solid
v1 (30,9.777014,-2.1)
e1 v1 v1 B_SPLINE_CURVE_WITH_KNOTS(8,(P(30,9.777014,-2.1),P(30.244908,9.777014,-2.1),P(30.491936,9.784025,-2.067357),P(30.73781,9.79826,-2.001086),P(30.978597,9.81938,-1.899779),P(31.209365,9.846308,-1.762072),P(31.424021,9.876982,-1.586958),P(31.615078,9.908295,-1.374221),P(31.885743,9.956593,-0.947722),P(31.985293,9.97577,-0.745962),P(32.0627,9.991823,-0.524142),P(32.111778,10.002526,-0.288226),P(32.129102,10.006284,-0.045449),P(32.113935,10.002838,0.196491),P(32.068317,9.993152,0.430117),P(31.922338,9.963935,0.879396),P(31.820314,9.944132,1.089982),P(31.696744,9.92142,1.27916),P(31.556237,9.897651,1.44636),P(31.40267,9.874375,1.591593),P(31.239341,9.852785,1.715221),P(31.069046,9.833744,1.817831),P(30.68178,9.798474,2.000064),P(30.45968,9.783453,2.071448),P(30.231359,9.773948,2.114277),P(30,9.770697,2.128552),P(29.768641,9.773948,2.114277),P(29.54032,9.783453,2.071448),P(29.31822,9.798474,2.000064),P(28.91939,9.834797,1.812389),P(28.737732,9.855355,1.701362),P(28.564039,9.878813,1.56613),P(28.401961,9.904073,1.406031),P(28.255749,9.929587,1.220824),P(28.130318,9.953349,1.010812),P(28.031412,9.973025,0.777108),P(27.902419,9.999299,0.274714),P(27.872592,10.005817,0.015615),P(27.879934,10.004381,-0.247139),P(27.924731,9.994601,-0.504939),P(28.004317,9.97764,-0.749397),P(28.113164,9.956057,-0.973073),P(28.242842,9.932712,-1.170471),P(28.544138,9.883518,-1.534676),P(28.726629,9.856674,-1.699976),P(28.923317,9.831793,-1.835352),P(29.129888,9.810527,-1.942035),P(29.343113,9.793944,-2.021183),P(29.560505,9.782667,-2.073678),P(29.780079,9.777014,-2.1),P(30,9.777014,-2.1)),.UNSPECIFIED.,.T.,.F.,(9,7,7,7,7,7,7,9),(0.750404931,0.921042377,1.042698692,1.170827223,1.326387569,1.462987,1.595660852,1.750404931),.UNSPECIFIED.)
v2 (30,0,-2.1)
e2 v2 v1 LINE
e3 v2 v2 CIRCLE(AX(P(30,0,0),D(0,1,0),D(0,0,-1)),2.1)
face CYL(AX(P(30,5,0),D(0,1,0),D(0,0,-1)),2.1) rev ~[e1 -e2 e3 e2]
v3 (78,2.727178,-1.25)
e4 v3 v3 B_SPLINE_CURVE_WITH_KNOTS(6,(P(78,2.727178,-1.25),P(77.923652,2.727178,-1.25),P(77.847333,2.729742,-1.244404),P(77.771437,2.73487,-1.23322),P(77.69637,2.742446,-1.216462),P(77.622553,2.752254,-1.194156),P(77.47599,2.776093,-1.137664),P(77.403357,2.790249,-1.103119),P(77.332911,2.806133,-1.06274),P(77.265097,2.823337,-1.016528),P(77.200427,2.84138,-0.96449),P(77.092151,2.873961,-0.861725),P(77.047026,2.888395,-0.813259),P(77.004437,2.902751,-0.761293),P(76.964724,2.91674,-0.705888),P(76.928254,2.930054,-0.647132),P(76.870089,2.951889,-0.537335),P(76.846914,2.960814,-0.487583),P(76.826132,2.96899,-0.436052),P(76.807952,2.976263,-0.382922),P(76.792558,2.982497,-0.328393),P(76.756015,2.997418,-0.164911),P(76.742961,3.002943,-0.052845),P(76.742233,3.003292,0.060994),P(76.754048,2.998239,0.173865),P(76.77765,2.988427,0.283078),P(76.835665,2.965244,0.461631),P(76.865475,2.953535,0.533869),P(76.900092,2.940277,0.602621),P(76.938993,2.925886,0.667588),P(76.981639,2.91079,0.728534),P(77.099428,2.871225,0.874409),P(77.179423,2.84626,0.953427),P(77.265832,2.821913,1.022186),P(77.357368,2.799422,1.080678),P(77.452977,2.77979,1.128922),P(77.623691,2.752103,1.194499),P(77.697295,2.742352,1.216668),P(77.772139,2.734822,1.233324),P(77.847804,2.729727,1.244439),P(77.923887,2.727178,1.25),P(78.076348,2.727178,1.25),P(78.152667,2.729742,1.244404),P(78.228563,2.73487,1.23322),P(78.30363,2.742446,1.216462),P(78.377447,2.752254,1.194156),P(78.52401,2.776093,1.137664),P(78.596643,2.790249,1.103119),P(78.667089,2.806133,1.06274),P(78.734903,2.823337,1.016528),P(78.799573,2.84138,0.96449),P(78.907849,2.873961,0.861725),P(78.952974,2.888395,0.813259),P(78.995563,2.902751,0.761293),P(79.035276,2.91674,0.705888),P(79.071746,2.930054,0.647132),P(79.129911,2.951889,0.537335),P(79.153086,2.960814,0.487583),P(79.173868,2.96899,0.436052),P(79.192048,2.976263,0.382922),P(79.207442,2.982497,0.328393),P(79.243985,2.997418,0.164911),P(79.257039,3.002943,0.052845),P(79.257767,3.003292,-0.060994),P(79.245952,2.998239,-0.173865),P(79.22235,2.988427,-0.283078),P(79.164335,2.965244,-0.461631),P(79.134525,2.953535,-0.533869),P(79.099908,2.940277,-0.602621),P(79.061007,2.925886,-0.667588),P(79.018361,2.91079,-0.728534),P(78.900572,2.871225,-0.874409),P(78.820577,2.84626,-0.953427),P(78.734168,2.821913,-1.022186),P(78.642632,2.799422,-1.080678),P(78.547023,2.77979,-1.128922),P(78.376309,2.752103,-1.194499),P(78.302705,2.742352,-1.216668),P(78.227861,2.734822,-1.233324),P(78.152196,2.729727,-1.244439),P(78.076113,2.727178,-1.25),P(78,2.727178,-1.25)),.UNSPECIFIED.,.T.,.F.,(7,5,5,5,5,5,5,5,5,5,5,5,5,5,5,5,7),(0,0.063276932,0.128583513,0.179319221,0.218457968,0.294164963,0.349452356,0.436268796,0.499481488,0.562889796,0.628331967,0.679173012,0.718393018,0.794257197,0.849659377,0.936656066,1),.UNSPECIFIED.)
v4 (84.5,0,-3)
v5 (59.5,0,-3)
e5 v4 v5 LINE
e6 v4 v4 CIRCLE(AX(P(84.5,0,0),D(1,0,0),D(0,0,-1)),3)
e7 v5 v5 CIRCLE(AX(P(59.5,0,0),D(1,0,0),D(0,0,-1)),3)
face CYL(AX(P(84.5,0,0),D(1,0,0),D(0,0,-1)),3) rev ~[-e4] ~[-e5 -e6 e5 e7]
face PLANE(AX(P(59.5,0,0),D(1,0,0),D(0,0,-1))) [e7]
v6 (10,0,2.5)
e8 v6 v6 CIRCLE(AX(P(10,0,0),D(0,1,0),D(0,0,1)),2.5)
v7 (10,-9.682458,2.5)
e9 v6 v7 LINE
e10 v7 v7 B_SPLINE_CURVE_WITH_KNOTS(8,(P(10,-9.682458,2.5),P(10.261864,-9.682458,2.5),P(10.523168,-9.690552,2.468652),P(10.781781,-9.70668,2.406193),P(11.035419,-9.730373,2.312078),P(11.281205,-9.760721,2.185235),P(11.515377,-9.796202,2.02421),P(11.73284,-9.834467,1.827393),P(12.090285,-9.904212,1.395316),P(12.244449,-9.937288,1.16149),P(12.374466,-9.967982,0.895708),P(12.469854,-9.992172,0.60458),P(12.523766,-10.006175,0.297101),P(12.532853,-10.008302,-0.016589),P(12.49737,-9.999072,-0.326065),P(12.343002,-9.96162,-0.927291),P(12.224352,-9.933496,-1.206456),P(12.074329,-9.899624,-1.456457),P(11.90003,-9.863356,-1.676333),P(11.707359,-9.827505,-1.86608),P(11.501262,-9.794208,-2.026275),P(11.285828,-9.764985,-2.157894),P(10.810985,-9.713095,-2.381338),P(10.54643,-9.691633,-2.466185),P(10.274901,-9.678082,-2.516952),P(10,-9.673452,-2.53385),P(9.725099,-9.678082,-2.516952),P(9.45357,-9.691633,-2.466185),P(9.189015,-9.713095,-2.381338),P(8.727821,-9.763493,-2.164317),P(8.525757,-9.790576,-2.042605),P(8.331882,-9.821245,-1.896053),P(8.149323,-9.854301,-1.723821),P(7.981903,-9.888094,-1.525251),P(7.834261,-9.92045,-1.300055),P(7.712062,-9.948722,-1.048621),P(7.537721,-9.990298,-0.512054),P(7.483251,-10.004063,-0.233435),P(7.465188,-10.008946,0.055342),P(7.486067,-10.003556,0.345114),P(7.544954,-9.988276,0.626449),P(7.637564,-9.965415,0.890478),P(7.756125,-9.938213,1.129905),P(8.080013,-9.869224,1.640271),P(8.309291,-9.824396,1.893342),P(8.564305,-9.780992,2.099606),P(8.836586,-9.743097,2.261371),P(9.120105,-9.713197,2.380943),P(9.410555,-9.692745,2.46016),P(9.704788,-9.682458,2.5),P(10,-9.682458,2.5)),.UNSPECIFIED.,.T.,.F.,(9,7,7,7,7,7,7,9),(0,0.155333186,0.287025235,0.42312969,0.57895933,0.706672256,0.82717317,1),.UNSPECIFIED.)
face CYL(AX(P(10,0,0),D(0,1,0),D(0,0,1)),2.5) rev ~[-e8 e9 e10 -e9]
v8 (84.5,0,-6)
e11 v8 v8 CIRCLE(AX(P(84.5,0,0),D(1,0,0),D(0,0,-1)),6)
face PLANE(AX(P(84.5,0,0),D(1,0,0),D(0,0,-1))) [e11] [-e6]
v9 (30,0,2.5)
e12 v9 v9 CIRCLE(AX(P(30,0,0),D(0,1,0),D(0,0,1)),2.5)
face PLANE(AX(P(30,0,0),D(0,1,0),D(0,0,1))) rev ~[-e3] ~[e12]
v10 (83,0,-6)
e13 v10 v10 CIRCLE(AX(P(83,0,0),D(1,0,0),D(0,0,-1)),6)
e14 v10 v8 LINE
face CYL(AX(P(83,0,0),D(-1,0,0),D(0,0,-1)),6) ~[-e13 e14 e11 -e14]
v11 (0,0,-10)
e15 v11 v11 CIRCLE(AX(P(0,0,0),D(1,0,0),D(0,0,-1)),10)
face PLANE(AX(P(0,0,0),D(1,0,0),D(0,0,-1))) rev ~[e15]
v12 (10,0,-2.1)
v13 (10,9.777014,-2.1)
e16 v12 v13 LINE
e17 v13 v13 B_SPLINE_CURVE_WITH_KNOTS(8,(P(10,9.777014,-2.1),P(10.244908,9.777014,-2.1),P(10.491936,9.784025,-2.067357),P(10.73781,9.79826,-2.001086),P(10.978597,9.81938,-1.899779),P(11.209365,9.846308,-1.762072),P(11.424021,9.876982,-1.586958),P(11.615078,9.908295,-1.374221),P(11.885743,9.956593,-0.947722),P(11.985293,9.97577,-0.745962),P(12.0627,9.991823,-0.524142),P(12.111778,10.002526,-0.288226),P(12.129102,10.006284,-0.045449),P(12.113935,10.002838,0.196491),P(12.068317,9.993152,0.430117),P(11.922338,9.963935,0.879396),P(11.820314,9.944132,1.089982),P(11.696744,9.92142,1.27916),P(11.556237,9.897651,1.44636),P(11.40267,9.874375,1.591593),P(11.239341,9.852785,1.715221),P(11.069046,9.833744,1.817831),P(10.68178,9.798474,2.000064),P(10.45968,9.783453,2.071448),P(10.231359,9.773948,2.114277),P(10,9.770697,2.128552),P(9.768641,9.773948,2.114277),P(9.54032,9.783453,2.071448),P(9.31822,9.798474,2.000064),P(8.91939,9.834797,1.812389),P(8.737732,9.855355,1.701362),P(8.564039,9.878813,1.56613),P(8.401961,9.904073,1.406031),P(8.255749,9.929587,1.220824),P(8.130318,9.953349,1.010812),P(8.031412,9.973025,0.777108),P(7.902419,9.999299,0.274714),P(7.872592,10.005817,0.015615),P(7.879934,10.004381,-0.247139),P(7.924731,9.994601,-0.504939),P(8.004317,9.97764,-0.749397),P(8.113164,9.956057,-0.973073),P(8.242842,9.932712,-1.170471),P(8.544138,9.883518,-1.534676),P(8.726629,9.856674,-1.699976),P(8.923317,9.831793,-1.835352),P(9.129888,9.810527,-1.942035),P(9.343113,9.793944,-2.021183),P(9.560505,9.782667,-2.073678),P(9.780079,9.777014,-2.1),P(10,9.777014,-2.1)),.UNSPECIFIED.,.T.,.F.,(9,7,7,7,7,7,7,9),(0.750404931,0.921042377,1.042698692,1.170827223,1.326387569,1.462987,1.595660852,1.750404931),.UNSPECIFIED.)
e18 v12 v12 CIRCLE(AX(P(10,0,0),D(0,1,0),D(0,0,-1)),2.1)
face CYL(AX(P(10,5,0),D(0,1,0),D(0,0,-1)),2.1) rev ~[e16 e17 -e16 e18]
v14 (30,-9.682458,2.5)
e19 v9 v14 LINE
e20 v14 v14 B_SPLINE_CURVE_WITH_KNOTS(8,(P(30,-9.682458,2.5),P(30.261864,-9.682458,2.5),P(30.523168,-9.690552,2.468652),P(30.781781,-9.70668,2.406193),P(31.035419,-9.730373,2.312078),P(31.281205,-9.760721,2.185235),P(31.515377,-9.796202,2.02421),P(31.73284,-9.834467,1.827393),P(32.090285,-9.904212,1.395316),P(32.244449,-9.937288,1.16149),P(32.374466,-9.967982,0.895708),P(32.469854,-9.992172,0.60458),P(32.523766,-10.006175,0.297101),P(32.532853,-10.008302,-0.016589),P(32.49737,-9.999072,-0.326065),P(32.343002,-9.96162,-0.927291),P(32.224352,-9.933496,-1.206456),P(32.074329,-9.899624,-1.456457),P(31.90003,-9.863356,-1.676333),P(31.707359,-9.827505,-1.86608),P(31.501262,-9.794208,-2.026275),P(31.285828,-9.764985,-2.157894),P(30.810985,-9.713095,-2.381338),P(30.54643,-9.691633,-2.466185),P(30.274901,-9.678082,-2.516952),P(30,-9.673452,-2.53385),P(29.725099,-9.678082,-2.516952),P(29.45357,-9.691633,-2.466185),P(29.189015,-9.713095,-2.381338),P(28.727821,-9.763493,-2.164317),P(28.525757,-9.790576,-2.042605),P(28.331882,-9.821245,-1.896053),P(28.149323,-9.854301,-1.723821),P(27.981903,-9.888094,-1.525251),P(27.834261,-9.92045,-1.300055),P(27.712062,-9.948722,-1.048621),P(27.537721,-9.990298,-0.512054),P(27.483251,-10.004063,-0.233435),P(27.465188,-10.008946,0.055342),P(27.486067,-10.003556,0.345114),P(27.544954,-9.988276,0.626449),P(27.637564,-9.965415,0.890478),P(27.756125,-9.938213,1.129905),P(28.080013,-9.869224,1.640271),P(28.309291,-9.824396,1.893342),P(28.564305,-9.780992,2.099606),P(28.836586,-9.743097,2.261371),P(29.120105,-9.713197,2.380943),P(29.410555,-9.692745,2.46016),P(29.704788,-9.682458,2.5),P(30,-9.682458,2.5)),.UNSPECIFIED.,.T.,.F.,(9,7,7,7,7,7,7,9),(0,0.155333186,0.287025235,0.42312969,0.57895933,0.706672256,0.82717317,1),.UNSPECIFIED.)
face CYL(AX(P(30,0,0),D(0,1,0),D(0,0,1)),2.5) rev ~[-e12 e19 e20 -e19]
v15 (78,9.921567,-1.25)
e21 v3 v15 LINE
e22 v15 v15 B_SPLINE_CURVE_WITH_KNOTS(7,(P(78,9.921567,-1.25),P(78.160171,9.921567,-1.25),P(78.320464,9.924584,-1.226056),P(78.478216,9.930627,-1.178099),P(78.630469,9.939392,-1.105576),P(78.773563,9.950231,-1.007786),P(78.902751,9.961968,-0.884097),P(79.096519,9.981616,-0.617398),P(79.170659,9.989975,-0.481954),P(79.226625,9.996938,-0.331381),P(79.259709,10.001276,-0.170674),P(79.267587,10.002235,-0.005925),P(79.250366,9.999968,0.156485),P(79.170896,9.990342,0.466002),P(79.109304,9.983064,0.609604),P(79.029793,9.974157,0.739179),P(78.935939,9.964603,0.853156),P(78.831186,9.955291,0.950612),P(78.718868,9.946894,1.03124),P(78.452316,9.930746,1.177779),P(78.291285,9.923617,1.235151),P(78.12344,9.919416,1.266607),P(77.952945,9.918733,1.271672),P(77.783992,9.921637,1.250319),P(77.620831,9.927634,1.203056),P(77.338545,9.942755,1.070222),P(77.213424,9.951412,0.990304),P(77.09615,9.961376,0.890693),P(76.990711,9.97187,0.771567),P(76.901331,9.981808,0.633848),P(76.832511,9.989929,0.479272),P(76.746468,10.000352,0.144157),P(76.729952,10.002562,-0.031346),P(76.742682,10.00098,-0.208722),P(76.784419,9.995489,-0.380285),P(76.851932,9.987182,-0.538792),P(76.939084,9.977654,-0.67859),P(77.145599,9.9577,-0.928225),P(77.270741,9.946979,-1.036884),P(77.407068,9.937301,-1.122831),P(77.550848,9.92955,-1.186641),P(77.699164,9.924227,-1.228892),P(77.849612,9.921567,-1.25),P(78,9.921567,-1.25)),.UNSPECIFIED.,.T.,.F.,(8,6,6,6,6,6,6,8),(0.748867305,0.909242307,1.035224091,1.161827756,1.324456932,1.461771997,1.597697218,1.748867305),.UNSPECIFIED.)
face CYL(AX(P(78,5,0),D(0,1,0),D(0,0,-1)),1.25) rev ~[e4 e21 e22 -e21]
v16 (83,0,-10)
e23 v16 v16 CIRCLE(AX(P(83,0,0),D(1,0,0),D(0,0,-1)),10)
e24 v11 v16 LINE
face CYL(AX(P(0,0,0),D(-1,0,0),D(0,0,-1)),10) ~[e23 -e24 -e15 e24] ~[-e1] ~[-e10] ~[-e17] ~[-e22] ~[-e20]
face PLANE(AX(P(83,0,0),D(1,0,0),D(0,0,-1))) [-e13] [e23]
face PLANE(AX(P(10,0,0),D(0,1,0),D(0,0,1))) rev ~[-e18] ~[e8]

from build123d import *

# Parameters (mm, degrees)
ESQUISSE1_R                = 10
BOSS_EXTRU_1_DEPTH         = 83
ESQUISSE2_R                = 6
BOSS_EXTRU_2_DEPTH         = 1.5
ESQUISSE5_R                = 3
ENL_V_MAT_EXTRU_2_DEPTH    = 25
ESQUISSE9_W                = 1.25
ESQUISSE9_H                = 10
ESQUISSE18_W               = 2.1
ESQUISSE18_H               = 10
TROU_TARAUD_M53_AT_2_COUNT = 2
TROU_TARAUD_M53_AT_2_PITCH = 20
ESQUISSE19_R               = 2.5
ENL_V_MAT_EXTRU_3_DEPTH    = 86.675259097


with BuildPart() as part:
    # Esquisse1 → Boss.-Extru.1 (new body)
    with BuildSketch(Plane(origin=(0, 0, 0), x_dir=(0, 0, -1), z_dir=(1, 0, 0))):
        Circle(ESQUISSE1_R)
    extrude(amount=BOSS_EXTRU_1_DEPTH)

    # Esquisse2 → Boss.-Extru.2 (add)
    with BuildSketch(Plane(origin=(83, 0, 0), x_dir=(0, 0, -1), z_dir=(1, 0, 0))):
        Circle(ESQUISSE2_R)
    extrude(amount=BOSS_EXTRU_2_DEPTH)

    # Esquisse5 → Enlèv. mat.-Extru.2 (cut)
    with BuildSketch(Plane(origin=(84.5, 0, 0), x_dir=(0, 0, -1), z_dir=(1, 0, 0))):
        Circle(ESQUISSE5_R)
    extrude(amount=-ENL_V_MAT_EXTRU_2_DEPTH, mode=Mode.SUBTRACT)

    # Esquisse9 → Trou taraudé M31 (revolve, cut)
    with BuildSketch(Plane(origin=(78, 0, 0), x_dir=(0, 0, -1), z_dir=(1, 0, 0))):
        with Locations((0.625, 5)):
            Rectangle(ESQUISSE9_W, ESQUISSE9_H)
    revolve(axis=Axis((78, -6.35, 0), (0, 1, 0)), mode=Mode.SUBTRACT)

    # Esquisse18 → Trou taraudé M53 (revolve, cut)
    with BuildSketch(Plane(origin=(10, 0, 0), x_dir=(0, 0, -1), z_dir=(1, 0, 0))):
        with Locations((1.05, 5)):
            Rectangle(ESQUISSE18_W, ESQUISSE18_H)
    trou_taraud_m53 = revolve(axis=Axis((10, -6.35, 0), (0, 1, 0)), mode=Mode.SUBTRACT)

    # Trou taraudé M53 at 2: Trou taraudé M53 ×2
    with Locations(*[(i * TROU_TARAUD_M53_AT_2_PITCH, 0, 0) for i in range(1, TROU_TARAUD_M53_AT_2_COUNT)]):
        add(trou_taraud_m53, mode=Mode.SUBTRACT)

    # Esquisse19 → Enlèv. mat.-Extru.3 (cut, through all)
    with BuildSketch(Plane(origin=(0, 0, 0), x_dir=(1, 0, 0), z_dir=(0, 1, 0))):
        with Locations(Location((10, 0, 0), (0, 0, 270))):
            Circle(ESQUISSE19_R)
        with Locations(Location((30, 0, 0), (0, 0, 270))):
            Circle(ESQUISSE19_R)
    extrude(amount=-ENL_V_MAT_EXTRU_3_DEPTH, mode=Mode.SUBTRACT)


solid = part.part
